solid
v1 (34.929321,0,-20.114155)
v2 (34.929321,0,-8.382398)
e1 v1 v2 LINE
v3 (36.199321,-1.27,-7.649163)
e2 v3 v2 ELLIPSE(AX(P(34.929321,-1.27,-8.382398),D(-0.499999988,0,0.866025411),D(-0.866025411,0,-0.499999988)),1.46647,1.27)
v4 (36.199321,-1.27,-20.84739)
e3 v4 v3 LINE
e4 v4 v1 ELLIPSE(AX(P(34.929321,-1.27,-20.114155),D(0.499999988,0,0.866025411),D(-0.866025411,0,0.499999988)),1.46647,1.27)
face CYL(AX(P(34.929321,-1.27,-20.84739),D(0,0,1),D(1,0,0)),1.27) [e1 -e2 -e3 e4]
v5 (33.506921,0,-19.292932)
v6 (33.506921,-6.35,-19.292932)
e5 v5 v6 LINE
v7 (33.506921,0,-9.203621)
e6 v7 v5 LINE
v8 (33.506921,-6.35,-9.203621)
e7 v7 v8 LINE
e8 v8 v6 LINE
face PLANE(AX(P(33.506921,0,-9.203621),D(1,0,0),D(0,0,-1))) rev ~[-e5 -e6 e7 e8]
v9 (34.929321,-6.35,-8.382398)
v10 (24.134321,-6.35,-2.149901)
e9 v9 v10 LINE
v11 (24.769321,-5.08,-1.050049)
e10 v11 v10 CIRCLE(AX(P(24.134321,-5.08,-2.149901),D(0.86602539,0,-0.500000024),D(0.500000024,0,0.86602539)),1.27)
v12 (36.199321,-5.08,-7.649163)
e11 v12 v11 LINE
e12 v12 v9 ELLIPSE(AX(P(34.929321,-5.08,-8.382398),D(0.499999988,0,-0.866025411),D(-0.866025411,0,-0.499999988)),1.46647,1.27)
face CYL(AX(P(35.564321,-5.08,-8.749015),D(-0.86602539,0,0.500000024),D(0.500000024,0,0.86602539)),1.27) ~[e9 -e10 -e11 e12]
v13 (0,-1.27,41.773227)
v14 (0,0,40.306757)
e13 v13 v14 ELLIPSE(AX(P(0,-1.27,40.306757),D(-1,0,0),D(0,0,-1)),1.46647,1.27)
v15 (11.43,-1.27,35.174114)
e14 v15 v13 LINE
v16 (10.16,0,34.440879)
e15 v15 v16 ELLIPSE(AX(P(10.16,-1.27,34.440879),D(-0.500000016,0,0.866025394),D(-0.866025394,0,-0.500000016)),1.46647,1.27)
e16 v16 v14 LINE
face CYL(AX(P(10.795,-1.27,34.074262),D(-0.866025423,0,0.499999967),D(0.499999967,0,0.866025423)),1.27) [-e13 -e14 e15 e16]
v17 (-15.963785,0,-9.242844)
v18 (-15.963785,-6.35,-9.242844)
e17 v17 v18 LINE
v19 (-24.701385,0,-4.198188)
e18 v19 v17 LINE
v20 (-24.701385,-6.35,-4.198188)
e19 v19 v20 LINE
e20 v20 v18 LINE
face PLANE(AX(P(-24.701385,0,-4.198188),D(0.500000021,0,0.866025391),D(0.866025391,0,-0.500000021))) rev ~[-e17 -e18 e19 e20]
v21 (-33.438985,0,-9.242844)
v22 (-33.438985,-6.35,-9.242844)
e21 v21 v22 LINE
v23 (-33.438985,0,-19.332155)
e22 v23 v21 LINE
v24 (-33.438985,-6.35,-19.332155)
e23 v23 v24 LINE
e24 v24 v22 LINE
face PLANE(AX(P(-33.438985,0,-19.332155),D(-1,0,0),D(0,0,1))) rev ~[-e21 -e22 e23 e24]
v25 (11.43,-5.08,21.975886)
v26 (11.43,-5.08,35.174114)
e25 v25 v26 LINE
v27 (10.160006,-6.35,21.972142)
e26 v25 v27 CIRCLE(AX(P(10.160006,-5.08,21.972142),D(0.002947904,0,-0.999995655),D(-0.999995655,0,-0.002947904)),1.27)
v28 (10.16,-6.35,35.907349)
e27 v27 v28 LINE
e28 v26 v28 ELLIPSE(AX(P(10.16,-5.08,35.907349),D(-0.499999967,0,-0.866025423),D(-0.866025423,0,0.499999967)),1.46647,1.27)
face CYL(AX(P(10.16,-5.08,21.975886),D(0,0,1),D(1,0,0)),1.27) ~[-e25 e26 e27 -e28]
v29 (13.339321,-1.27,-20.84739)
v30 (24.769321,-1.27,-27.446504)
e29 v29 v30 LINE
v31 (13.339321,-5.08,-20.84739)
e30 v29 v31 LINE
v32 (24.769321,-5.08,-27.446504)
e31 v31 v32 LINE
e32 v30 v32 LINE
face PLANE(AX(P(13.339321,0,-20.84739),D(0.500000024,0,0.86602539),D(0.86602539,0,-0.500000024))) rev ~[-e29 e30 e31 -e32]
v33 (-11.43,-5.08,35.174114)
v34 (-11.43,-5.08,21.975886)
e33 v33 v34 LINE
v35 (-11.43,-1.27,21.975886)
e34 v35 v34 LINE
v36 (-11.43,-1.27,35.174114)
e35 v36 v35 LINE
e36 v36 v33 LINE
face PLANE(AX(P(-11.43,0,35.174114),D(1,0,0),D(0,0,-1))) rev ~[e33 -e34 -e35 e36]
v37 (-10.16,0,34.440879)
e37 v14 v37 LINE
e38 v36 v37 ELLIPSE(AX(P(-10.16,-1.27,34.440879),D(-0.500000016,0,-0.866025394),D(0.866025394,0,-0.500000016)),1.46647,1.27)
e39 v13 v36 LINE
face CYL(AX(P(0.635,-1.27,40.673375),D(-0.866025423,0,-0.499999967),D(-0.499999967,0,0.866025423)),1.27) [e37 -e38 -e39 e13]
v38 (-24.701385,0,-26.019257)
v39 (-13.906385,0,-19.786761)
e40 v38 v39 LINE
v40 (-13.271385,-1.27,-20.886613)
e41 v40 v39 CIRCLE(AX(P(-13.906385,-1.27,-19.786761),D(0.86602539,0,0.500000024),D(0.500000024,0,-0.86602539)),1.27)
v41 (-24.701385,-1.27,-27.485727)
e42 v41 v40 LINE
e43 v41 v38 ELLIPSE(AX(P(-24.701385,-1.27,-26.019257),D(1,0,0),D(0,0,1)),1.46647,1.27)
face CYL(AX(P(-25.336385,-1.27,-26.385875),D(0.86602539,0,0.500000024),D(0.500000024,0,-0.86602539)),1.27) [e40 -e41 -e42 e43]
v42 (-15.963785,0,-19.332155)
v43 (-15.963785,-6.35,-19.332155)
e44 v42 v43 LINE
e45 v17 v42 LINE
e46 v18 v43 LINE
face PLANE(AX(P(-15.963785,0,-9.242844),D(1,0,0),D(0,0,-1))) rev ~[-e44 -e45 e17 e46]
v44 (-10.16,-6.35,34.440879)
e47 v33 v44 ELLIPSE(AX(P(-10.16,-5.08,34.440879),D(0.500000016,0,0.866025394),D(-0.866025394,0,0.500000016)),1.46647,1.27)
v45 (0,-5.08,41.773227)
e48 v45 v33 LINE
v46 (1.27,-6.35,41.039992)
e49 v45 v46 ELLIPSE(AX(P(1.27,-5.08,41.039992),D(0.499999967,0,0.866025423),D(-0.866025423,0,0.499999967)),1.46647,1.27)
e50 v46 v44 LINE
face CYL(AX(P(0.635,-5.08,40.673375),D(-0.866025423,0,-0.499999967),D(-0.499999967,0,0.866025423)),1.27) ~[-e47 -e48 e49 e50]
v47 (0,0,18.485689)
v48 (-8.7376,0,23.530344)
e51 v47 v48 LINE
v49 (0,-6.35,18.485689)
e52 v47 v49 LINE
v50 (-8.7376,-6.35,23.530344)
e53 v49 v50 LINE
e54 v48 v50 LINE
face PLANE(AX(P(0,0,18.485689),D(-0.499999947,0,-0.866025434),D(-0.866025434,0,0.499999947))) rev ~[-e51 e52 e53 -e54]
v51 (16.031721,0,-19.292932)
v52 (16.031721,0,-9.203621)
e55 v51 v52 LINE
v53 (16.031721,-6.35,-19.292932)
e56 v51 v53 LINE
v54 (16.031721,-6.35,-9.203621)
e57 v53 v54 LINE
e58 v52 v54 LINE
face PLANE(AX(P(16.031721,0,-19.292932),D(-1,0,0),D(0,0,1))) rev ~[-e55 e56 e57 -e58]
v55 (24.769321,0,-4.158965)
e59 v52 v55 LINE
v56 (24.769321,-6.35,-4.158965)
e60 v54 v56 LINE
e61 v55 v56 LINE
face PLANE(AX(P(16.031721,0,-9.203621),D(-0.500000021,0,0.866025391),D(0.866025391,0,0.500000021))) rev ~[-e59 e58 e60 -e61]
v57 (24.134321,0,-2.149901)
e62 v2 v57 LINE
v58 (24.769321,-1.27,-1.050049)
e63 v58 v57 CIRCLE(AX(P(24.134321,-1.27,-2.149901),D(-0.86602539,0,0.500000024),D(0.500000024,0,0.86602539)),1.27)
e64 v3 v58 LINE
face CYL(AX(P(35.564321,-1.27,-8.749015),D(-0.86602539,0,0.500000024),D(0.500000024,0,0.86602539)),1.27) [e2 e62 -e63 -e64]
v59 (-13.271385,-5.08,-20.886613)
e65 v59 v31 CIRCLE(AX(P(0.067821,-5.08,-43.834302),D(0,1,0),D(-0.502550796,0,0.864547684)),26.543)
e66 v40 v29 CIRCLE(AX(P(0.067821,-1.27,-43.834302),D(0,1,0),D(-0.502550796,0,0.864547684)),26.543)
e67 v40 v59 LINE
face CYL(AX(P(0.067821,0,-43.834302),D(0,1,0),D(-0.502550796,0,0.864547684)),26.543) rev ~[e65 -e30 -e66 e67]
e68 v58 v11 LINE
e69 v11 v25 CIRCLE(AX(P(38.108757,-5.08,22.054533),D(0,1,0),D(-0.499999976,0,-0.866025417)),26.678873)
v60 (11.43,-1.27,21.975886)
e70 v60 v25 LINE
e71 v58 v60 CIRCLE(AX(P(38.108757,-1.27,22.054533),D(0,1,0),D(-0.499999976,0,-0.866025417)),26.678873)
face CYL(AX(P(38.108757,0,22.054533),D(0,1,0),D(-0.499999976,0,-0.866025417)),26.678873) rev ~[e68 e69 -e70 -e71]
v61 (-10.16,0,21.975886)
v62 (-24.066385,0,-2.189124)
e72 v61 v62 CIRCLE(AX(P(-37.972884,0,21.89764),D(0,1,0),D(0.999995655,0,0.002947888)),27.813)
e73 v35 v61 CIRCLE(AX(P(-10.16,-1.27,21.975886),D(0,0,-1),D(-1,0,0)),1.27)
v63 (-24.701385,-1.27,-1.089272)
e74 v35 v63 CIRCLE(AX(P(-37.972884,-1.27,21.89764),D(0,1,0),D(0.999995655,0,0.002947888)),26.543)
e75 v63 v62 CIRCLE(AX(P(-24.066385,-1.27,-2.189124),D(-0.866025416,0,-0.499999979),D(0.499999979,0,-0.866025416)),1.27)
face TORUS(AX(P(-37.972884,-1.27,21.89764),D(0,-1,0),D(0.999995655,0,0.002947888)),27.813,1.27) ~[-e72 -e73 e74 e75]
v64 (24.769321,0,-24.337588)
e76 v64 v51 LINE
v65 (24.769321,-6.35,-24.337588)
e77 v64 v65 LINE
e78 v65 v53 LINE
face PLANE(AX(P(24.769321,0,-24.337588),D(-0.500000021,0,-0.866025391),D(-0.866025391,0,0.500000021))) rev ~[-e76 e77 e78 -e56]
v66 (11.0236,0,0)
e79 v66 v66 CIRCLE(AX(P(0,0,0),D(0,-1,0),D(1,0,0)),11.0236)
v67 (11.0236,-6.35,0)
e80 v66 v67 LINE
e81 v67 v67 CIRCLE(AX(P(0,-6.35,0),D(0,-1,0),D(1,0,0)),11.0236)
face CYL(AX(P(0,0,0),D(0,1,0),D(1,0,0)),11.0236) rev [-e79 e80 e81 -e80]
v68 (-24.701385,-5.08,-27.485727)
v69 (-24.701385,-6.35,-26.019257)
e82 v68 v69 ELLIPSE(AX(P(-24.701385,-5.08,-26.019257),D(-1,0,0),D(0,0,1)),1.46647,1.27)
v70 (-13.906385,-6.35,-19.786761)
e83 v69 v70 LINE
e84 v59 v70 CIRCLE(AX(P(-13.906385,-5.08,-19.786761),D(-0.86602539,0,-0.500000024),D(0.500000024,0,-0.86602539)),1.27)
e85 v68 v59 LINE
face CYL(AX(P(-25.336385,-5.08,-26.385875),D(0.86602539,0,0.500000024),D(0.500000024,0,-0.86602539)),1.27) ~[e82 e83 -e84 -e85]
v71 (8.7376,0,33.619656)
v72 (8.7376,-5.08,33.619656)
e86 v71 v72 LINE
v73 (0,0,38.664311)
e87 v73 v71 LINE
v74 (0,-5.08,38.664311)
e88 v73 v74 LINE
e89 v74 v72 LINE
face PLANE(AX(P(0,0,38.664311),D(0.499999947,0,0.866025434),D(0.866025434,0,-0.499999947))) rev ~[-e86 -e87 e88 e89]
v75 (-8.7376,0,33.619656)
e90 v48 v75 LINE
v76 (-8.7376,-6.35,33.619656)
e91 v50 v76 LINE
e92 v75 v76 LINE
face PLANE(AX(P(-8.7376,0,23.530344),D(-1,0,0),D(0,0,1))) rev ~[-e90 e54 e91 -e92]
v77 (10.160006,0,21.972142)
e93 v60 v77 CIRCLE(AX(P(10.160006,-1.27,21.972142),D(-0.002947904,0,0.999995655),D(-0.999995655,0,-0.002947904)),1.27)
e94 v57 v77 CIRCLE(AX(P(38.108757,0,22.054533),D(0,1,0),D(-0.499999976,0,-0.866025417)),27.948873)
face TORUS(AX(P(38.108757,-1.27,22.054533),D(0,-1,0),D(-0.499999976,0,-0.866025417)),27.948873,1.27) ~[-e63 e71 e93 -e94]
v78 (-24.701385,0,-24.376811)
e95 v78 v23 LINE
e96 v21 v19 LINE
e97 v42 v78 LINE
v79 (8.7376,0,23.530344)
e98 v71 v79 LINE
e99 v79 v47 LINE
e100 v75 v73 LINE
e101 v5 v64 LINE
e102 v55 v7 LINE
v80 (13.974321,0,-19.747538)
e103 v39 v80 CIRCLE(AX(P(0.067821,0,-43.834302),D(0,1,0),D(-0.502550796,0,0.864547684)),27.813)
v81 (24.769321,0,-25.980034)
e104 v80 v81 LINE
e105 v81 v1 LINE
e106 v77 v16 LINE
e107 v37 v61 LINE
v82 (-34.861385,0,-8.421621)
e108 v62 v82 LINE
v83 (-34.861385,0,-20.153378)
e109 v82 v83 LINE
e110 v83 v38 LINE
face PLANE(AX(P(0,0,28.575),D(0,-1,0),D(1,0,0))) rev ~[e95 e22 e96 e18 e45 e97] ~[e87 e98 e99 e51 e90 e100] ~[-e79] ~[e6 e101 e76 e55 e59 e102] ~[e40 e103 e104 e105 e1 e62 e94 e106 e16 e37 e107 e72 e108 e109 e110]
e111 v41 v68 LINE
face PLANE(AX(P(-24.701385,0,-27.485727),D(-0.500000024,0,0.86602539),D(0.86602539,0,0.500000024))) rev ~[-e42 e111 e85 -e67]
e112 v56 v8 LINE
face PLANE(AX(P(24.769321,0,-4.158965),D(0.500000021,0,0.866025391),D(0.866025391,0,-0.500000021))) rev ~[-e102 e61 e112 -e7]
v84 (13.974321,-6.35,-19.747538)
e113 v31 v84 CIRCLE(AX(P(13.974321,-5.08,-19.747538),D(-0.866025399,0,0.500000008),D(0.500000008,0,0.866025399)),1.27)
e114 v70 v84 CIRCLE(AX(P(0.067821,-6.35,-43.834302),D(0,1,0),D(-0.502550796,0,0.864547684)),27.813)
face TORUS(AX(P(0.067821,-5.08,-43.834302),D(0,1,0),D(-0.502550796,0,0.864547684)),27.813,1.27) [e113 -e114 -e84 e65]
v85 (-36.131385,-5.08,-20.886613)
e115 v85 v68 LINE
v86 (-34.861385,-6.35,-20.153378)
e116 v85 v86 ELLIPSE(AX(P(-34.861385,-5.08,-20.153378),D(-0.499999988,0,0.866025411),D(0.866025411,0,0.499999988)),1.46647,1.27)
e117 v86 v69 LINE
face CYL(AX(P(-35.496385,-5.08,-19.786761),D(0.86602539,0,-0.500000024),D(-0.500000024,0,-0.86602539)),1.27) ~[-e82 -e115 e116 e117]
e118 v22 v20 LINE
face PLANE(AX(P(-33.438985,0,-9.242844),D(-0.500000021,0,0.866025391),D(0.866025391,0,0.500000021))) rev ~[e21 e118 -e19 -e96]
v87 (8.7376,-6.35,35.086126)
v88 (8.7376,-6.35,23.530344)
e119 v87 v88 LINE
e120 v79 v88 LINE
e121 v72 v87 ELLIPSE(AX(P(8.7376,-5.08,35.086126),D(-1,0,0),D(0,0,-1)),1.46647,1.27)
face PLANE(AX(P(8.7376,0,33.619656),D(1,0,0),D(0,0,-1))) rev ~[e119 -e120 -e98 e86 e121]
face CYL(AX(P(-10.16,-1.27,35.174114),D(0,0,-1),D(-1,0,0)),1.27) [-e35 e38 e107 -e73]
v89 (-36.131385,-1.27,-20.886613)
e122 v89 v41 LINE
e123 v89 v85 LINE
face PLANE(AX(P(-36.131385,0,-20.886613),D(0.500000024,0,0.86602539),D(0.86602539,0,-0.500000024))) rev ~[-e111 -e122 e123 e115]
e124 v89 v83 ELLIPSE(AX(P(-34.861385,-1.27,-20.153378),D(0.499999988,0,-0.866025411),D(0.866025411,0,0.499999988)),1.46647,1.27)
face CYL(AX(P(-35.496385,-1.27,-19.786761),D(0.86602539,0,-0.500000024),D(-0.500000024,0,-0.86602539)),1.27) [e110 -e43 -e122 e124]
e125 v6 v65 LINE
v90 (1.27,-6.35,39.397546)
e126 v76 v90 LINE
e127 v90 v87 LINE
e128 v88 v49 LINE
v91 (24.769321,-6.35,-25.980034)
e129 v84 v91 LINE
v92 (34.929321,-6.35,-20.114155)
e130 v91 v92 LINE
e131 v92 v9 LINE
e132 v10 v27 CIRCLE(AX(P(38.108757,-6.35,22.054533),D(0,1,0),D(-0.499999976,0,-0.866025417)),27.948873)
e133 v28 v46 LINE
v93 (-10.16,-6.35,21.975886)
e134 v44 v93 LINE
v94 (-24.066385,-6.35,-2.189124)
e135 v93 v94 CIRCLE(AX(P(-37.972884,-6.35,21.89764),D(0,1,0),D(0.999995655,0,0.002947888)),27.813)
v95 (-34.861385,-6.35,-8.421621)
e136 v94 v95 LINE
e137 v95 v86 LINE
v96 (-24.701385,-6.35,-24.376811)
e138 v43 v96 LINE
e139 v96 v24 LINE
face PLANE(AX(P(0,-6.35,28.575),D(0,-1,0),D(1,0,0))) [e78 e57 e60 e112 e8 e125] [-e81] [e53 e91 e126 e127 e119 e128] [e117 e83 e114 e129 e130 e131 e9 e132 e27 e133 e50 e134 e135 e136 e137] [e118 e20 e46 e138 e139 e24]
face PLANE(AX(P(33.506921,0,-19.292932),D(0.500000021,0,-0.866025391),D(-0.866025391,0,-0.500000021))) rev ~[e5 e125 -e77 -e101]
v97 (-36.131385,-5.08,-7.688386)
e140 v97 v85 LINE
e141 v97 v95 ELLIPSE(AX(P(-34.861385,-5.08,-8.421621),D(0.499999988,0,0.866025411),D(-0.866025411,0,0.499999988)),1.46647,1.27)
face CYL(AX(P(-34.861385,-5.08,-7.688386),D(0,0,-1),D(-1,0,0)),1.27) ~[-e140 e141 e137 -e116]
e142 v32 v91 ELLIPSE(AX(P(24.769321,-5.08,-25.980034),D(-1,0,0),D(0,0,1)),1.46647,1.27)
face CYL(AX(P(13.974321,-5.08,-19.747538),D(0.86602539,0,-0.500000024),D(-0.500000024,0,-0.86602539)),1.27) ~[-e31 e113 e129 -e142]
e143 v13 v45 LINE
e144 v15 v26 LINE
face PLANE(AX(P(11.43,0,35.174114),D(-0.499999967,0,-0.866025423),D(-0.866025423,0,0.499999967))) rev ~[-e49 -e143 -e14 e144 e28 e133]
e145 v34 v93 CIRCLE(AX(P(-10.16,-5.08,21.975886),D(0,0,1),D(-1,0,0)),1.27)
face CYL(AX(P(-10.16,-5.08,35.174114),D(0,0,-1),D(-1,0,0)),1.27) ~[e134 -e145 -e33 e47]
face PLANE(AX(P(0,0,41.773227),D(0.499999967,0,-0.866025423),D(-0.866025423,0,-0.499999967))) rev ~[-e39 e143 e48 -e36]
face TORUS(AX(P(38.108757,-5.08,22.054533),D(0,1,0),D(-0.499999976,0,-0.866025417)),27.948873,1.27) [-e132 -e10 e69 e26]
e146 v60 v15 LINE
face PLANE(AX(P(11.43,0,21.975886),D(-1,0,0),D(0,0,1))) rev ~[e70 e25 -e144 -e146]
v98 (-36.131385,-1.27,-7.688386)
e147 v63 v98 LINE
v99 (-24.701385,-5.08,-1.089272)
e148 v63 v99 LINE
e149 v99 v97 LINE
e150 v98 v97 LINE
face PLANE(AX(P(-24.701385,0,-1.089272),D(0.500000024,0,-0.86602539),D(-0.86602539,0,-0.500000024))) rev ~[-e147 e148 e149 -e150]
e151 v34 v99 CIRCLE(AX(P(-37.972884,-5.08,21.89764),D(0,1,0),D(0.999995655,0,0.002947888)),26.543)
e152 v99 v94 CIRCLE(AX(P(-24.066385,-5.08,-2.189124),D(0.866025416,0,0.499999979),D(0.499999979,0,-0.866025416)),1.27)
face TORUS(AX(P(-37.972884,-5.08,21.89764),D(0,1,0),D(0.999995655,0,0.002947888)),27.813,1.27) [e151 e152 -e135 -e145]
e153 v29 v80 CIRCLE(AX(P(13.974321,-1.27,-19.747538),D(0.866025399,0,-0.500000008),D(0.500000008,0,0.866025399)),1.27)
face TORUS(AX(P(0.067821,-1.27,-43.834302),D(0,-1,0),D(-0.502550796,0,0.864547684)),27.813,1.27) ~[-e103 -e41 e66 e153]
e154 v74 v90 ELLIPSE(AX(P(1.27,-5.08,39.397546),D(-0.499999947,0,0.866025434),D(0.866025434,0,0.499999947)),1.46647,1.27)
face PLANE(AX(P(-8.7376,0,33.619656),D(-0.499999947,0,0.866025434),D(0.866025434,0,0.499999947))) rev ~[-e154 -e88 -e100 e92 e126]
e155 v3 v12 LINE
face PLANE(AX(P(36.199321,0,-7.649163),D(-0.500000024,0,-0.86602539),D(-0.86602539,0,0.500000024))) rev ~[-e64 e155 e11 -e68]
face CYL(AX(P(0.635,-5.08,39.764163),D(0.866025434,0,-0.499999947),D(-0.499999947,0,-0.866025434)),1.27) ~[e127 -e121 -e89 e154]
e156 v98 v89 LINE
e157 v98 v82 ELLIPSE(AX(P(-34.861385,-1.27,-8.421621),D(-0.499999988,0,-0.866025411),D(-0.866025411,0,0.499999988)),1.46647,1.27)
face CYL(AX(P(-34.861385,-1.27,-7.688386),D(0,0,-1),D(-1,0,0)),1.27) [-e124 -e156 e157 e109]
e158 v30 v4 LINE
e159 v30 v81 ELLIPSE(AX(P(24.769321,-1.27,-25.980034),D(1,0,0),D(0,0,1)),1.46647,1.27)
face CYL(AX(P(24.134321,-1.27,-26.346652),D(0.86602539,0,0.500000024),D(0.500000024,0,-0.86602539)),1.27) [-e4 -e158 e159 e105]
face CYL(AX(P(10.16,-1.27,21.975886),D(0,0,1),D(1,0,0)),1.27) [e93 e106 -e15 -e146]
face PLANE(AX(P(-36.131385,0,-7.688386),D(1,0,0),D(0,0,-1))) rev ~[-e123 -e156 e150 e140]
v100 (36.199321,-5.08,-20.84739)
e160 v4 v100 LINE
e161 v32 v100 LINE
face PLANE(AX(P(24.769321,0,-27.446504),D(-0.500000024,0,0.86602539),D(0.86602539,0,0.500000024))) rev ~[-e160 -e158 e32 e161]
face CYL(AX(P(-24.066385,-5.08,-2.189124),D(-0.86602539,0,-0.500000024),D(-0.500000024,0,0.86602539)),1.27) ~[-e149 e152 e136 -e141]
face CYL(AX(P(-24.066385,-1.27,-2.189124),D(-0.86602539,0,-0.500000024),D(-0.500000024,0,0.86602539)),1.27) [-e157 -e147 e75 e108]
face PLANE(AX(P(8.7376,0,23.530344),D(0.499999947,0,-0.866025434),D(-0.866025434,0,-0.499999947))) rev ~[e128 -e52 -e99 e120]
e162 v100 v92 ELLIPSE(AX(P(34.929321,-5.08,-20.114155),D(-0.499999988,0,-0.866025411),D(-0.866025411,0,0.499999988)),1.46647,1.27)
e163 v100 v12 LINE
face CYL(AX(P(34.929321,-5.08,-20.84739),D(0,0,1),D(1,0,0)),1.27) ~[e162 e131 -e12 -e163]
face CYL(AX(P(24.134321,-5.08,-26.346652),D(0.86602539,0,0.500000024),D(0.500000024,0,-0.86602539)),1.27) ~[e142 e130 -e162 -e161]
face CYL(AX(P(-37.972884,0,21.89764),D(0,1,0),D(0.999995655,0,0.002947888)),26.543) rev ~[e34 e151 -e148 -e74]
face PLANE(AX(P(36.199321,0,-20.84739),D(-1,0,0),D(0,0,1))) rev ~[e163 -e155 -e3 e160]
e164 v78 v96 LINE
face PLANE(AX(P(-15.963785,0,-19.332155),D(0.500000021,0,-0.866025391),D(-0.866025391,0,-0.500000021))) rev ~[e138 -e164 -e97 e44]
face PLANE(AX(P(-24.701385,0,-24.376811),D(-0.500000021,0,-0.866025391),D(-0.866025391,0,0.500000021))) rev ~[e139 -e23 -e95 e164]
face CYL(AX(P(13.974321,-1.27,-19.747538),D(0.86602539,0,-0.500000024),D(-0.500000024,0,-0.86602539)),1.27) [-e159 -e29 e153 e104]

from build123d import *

# Parameters (mm, degrees)
F0_R     = 14.2875
F0_R_2   = 11.0236
F1_DEPTH = 6.35
F2_R     = 1.27


with BuildPart() as f1:
    # F0 (on Front) → F1 (new body)
    with BuildSketch(Plane.XZ):
        Polygon((-11.43, 35.174114), (-11.43, 21.975886), (0, 15.376773), (11.43, 21.975886), (11.43, 35.174114), (0, 41.773227), align=None)
        Polygon((0, 18.485689), (-8.7376, 23.530344), (-8.7376, 33.619656), (0, 38.664311), (8.7376, 33.619656), (8.7376, 23.530344), align=None, mode=Mode.SUBTRACT)
        with BuildLine():
            Line((0, 15.376773), (-11.43, 21.975886))
            ThreePointArc((-11.43, 21.975886), (-14.966436, 8.660036), (-24.701385, -1.089272))
            Line((-24.701385, -1.089272), (-13.271385, -7.688386))
            Line((-13.271385, -7.688386), (-13.271385, -20.886613))
            ThreePointArc((-13.271385, -20.886613), (0.028698, -17.291331), (13.339321, -20.84739))
            Line((13.339321, -20.84739), (13.339321, -7.649163))
            Line((13.339321, -7.649163), (24.769321, -1.050049))
            ThreePointArc((24.769321, -1.050049), (15.023862, 8.681056), (11.43, 21.975886))
            Line((11.43, 21.975886), (0, 15.376773))
        make_face()
        Circle(F0_R, mode=Mode.SUBTRACT)
        Polygon((-13.271385, -7.688386), (-24.701385, -1.089272), (-36.131385, -7.688386), (-36.131385, -20.886613), (-24.701385, -27.485727), (-13.271385, -20.886613), align=None)
        Polygon((-24.701385, -24.376811), (-33.438985, -19.332155), (-33.438985, -9.242844), (-24.701385, -4.198188), (-15.963785, -9.242844), (-15.963785, -19.332155), align=None, mode=Mode.SUBTRACT)
        Polygon((36.199321, -7.649163), (24.769321, -1.050049), (13.339321, -7.649163), (13.339321, -20.84739), (24.769321, -27.446504), (36.199321, -20.84739), align=None)
        Polygon((33.506921, -9.203621), (33.506921, -19.292932), (24.769321, -24.337588), (16.031721, -19.292932), (16.031721, -9.203621), (24.769321, -4.158965), align=None, mode=Mode.SUBTRACT)
        Circle(F0_R)
        Circle(F0_R_2, mode=Mode.SUBTRACT)
    extrude(amount=F1_DEPTH)

    # F2
    f2_edges = [f1.edges().sort_by_distance(p)[0] for p in [
        (-5.715, -6.35, 38.47367),
        (4.3688, -6.35, 36.141984),
        (11.43, -6.35, 28.575),
        (-11.43, -6.35, 28.575),
        (30.484321, -6.35, -4.349606),
        (36.199321, -6.35, -14.248276),
        (30.484321, -6.35, -24.146947),
        (19.054321, -6.35, -24.146947),
        (-18.986385, -6.35, -24.18617),
        (-30.416385, -6.35, -24.18617),
        (-36.131385, -6.35, -14.2875),
        (-30.416385, -6.35, -4.388829),
        (-11.43, 0, 28.575),
        (-5.715, 0, 38.47367),
        (5.715, 0, 38.47367),
        (11.43, 0, 28.575),
        (30.484321, 0, -4.349606),
        (36.199321, 0, -14.248276),
        (30.484321, 0, -24.146947),
        (19.054321, 0, -24.146947),
        (-18.986385, 0, -24.18617),
        (-30.416385, 0, -24.18617),
        (-36.131385, 0, -14.2875),
        (-30.416385, 0, -4.388829),
    ]]
    fillet(f2_edges, radius=F2_R)


solid = f1.part
